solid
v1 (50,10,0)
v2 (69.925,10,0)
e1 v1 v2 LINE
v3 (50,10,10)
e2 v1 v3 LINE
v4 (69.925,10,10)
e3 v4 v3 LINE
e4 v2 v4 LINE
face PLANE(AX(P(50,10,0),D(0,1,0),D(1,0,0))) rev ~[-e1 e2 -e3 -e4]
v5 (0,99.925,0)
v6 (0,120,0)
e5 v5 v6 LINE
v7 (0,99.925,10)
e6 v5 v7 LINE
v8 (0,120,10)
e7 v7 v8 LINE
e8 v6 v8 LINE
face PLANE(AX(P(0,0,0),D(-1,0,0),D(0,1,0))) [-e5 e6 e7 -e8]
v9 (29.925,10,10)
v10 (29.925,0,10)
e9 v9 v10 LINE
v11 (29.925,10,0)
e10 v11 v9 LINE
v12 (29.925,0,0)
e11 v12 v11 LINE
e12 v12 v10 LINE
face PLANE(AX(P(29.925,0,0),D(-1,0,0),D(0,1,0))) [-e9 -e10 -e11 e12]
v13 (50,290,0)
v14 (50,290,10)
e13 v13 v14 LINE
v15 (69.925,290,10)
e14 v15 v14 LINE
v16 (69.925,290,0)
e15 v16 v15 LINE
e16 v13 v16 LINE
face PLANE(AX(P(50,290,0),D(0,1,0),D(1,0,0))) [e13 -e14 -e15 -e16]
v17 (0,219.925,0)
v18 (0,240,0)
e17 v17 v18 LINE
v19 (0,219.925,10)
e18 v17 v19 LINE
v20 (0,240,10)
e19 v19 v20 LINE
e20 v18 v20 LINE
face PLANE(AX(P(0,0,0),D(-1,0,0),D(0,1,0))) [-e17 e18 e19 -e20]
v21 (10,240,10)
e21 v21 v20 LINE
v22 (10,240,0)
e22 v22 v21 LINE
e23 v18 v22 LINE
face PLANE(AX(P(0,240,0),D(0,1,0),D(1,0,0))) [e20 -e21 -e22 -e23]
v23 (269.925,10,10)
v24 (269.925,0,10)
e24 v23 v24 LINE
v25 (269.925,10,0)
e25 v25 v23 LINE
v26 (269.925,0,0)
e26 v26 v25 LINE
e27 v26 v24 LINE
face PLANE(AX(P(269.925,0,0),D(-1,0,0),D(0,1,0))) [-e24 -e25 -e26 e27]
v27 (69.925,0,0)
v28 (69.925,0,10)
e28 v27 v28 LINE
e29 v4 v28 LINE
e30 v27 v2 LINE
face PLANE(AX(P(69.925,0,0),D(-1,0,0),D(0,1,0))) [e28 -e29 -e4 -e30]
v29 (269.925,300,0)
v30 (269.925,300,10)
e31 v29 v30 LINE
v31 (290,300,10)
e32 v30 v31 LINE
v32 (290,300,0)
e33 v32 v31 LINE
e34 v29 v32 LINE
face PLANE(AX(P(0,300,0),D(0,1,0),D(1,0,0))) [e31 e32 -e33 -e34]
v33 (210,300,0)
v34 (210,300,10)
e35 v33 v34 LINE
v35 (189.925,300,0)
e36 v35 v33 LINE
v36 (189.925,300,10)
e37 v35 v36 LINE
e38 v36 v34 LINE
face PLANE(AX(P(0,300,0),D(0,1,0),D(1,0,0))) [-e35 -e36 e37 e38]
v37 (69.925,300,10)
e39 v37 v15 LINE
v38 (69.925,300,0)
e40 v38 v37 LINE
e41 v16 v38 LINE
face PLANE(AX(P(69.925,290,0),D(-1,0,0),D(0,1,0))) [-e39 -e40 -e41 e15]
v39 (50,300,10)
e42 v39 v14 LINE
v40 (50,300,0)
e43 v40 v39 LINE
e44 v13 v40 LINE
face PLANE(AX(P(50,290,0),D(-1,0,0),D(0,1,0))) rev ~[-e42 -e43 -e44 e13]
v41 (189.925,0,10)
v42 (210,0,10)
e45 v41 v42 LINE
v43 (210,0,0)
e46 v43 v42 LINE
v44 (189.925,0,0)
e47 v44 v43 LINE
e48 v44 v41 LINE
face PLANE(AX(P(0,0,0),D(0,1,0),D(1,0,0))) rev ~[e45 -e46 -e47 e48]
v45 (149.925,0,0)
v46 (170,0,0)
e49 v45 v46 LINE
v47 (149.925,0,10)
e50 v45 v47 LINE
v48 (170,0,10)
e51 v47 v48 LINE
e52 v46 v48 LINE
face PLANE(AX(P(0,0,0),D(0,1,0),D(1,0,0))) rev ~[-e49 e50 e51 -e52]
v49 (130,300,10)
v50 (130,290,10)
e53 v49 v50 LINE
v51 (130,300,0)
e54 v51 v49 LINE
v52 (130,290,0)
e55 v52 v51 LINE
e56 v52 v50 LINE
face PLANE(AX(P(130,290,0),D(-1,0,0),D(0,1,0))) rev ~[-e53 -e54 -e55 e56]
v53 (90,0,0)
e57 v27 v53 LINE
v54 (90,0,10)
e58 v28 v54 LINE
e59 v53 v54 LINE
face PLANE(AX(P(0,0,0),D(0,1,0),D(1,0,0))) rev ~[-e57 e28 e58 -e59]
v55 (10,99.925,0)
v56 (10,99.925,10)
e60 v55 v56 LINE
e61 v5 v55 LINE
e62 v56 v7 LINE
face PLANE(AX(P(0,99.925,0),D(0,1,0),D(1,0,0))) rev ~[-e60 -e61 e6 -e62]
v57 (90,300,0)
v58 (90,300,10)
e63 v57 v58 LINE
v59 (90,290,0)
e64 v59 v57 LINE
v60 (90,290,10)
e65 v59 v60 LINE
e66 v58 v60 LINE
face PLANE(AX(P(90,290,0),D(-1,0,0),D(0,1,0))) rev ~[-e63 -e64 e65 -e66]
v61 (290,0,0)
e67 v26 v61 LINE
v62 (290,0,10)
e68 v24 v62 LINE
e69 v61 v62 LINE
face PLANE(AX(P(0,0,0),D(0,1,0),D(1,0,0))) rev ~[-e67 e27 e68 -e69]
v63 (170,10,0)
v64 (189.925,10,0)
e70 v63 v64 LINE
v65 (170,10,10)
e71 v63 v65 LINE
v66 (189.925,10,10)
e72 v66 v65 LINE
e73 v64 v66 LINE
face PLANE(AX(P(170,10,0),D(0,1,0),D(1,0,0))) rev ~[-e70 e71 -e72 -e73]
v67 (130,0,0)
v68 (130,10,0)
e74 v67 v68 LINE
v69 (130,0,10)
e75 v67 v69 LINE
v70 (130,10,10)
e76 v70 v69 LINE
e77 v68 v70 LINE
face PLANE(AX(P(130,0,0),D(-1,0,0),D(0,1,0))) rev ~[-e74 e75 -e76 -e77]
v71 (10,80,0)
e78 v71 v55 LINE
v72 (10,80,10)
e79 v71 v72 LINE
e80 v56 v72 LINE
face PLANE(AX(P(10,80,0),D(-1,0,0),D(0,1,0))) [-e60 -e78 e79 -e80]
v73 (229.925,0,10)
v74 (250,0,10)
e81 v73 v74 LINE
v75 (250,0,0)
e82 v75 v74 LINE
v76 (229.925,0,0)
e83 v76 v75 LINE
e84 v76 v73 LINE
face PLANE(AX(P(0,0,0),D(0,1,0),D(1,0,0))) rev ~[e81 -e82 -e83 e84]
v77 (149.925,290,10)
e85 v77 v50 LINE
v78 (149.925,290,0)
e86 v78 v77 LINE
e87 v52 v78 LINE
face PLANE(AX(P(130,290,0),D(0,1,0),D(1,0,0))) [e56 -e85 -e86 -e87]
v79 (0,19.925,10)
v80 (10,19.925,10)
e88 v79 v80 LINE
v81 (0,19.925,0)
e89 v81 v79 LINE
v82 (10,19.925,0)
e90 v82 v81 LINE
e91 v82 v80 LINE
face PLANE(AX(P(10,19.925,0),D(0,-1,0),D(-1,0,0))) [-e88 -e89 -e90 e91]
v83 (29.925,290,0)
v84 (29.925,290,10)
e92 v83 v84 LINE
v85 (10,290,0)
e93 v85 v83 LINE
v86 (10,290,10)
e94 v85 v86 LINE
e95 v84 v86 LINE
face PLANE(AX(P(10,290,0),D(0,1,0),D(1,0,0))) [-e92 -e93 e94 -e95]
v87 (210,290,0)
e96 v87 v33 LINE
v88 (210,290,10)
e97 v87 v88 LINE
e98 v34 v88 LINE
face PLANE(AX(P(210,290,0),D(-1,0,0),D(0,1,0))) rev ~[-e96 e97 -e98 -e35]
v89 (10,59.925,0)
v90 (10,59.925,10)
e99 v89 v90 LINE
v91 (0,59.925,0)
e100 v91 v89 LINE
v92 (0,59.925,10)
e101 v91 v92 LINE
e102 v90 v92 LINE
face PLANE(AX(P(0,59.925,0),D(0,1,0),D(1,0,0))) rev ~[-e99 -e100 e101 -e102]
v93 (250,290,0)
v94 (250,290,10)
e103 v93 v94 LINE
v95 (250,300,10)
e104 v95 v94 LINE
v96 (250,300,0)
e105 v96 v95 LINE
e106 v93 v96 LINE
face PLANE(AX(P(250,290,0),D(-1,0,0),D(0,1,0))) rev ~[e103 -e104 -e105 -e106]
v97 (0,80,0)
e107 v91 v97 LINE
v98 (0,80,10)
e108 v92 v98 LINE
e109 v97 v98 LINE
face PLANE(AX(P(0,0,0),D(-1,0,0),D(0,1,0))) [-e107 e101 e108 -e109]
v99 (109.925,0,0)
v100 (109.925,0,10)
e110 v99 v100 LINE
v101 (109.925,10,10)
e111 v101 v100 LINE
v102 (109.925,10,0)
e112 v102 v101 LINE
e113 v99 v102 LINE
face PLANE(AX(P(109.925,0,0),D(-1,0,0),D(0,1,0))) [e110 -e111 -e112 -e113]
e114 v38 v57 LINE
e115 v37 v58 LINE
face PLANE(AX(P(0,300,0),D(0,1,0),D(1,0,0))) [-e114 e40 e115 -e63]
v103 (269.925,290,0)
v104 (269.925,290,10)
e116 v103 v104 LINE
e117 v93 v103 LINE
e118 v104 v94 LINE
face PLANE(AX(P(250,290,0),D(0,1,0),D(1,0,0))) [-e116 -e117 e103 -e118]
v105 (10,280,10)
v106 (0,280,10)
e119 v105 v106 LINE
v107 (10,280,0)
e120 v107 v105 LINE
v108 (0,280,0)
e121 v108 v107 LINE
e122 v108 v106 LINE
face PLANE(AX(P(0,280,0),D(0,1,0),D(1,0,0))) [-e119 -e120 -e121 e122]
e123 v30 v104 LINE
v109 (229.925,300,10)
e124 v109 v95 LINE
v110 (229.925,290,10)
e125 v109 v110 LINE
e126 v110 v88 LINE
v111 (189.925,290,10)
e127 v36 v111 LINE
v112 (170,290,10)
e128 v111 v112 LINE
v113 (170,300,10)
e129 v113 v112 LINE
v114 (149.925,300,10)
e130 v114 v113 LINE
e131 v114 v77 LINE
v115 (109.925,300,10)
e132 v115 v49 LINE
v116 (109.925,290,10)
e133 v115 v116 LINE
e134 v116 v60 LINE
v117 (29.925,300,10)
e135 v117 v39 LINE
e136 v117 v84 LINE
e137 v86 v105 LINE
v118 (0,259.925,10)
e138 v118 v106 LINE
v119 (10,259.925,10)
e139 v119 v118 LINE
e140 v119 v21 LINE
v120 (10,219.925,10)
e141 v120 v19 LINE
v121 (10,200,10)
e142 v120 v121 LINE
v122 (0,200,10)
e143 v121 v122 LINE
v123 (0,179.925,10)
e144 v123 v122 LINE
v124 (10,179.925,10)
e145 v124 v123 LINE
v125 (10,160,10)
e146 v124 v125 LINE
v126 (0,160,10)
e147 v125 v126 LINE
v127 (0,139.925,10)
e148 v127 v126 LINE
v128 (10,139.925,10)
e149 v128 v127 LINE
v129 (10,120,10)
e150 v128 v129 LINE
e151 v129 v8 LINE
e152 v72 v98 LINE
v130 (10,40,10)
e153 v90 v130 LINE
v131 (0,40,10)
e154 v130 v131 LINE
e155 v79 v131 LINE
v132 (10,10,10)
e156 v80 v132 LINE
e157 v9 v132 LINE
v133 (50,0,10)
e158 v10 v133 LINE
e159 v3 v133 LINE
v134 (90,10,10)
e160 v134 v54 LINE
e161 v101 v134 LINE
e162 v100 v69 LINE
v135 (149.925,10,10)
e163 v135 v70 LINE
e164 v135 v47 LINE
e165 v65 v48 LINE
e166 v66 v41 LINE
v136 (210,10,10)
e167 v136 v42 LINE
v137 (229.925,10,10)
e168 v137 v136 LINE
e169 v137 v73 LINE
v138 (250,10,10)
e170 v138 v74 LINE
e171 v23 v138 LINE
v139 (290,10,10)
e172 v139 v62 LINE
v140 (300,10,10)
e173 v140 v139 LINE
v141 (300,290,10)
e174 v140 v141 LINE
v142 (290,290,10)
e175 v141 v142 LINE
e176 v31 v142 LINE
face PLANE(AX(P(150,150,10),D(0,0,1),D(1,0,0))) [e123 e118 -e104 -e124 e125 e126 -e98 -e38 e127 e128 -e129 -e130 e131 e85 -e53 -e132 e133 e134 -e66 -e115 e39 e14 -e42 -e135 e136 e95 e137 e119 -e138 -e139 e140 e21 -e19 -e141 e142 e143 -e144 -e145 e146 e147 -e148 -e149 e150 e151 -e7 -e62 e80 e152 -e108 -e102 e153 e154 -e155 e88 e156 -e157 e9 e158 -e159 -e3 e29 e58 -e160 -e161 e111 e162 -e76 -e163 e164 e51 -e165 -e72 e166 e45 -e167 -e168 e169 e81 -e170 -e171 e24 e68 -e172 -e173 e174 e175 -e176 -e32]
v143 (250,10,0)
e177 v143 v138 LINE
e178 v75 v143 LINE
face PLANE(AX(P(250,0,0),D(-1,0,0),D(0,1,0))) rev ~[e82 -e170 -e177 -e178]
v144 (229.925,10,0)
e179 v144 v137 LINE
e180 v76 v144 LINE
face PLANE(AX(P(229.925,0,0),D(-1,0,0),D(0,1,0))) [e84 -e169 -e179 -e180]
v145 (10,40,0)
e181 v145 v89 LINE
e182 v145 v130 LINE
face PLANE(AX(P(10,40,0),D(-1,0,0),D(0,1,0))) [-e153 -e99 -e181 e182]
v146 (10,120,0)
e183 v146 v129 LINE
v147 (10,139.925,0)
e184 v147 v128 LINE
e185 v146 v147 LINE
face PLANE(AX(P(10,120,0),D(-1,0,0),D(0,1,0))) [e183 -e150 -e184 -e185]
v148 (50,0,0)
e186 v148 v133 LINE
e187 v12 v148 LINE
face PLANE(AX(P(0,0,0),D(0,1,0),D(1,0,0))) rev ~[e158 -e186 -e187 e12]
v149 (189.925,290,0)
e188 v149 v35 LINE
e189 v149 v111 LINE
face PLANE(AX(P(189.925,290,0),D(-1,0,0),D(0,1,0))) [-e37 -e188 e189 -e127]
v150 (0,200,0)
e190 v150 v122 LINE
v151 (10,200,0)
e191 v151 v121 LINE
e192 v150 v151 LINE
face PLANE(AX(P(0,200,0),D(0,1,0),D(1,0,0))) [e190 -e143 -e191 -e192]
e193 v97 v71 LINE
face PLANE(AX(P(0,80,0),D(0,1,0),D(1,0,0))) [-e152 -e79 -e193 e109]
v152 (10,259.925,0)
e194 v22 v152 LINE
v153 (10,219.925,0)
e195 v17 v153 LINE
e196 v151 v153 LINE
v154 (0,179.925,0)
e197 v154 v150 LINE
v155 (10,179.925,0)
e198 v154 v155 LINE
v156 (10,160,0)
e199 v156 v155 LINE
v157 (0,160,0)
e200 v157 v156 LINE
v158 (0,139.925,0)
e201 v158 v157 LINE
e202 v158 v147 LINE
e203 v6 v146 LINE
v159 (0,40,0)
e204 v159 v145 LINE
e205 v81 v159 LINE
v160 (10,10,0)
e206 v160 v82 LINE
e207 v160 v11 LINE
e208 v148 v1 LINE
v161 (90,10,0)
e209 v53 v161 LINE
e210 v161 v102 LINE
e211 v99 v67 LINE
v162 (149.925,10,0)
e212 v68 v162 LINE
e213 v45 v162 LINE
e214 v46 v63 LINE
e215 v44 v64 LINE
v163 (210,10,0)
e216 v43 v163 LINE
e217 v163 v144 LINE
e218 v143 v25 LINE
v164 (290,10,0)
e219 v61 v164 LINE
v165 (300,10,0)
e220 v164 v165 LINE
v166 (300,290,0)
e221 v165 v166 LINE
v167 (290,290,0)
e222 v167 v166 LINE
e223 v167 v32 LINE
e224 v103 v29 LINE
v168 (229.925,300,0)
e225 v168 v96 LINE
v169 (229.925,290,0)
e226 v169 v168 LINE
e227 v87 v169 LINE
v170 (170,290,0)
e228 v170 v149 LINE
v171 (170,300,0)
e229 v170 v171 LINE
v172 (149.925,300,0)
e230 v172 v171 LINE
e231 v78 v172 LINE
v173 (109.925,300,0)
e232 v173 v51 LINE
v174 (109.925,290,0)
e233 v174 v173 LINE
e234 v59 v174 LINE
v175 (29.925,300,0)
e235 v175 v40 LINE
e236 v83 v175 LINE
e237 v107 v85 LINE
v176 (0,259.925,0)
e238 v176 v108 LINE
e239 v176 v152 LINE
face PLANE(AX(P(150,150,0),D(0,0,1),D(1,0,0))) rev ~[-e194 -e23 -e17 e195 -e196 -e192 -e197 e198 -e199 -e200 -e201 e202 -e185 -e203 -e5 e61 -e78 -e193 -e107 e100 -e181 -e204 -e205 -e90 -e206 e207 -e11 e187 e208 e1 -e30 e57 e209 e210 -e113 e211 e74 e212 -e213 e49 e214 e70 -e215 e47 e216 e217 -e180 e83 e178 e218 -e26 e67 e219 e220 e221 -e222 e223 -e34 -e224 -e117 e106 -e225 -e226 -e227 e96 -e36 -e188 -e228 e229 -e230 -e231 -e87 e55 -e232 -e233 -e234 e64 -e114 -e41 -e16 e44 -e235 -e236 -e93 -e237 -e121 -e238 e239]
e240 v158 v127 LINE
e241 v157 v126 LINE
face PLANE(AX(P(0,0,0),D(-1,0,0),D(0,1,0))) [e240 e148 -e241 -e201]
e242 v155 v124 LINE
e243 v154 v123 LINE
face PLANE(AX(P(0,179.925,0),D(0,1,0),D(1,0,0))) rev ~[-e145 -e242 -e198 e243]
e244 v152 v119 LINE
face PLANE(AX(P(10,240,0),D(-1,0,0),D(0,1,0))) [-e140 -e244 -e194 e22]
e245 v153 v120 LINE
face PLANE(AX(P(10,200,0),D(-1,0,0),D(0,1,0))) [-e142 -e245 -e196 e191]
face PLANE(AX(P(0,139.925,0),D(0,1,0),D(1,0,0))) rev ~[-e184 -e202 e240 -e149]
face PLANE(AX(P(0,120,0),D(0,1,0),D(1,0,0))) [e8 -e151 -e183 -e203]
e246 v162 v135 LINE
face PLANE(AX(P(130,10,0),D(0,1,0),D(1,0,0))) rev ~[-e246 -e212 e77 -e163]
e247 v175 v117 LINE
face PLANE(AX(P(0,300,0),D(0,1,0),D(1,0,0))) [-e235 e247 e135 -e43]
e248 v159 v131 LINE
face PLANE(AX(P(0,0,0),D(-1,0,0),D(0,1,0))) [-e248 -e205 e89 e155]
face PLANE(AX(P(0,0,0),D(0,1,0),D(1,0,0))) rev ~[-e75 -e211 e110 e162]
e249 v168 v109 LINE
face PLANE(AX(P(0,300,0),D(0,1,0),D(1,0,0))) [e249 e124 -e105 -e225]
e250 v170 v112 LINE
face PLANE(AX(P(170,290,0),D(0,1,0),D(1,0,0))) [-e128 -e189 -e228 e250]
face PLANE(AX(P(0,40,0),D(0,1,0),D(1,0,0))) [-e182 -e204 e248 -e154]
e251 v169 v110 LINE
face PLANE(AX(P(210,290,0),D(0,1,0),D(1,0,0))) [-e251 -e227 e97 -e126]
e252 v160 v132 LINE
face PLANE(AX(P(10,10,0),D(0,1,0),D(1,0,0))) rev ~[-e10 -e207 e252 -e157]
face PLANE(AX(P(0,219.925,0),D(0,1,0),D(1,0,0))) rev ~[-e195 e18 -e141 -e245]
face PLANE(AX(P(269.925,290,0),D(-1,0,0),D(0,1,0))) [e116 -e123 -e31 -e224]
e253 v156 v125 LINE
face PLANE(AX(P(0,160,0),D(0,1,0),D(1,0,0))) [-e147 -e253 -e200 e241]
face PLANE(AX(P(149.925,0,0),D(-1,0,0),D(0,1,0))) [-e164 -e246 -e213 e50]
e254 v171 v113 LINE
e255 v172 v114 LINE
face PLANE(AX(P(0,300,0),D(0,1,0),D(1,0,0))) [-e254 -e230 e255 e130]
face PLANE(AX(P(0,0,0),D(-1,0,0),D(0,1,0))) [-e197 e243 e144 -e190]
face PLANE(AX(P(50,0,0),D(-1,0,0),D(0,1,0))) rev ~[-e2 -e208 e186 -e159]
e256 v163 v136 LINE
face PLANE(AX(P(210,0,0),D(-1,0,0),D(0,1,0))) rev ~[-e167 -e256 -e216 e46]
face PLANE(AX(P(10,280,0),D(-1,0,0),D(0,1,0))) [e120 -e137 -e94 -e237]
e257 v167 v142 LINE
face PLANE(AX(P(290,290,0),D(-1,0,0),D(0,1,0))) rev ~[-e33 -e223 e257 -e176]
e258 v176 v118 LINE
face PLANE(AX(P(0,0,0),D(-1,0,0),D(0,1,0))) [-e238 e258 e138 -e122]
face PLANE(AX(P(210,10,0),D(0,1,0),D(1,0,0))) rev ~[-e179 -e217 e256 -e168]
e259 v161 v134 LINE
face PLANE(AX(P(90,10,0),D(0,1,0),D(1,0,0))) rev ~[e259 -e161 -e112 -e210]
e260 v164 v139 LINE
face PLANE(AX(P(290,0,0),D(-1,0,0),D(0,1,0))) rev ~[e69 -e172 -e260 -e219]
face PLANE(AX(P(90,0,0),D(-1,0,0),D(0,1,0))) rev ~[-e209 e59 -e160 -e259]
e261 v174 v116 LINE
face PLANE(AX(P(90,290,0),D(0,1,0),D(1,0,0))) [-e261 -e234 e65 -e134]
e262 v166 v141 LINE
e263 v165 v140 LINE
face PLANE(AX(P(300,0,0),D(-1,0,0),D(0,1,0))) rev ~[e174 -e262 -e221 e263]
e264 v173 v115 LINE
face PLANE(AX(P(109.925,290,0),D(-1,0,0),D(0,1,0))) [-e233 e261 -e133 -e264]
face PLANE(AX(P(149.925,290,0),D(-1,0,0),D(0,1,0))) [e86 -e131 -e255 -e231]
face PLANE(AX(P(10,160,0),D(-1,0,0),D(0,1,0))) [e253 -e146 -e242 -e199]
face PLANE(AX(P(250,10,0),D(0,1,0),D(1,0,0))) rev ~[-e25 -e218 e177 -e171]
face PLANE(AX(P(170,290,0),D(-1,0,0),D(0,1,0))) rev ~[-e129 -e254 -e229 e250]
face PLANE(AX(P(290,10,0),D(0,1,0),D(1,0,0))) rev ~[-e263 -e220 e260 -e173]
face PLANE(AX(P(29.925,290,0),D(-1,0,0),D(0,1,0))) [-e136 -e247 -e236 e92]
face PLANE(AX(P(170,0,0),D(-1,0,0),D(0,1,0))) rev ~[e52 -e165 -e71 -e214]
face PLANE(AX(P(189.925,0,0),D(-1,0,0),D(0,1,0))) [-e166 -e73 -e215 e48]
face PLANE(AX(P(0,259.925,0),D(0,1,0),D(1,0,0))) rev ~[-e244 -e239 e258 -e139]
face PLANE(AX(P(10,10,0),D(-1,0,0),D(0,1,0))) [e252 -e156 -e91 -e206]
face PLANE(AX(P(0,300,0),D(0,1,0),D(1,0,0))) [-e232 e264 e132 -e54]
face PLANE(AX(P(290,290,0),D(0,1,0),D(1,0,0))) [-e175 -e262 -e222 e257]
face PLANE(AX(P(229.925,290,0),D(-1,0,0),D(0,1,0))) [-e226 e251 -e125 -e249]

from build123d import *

# Parameters (mm, degrees)
F0_W     = 300
F0_H     = 300
F1_DEPTH = 10
F2_W     = 10
F2_H     = 10
F2_W_2   = 19.925
F2_H_2   = 9.925
F2_H_3   = 19.925
F3_DEPTH = 10.001


with BuildPart() as f1:
    # F0 (on Top) → F1 (new body)
    with BuildSketch(Plane.XY):
        with Locations((150, 150)):
            Rectangle(F0_W, F0_H)
    extrude(amount=F1_DEPTH)

    # F2 (on face) → F3 (cut, through all)
    with BuildSketch(Plane.XY):
        with Locations((295, 295)):
            Rectangle(F2_W, F2_H)
        with Locations((259.9625, 295)):
            Rectangle(F2_W_2, F2_H)
        with Locations((219.9625, 295)):
            Rectangle(F2_W_2, F2_H)
        with Locations((179.9625, 295)):
            Rectangle(F2_W_2, F2_H)
        with Locations((139.9625, 295)):
            Rectangle(F2_W_2, F2_H)
        with Locations((99.9625, 295)):
            Rectangle(F2_W_2, F2_H)
        with Locations((59.9625, 295)):
            Rectangle(F2_W_2, F2_H)
        Polygon((29.925, 290), (29.925, 300), (-24.5567484915, 300), (-24.5567484915, 290), (0, 290), (0, 299.925), (10, 299.925), (10, 290), align=None)
        with Locations((5, 285)):
            Rectangle(F2_W, F2_H)
        with Locations((5, 294.9625)):
            Rectangle(F2_W, F2_H_2)
        with Locations((295, 5)):
            Rectangle(F2_W, F2_H)
        with Locations((259.9625, 5)):
            Rectangle(F2_W_2, F2_H)
        with Locations((219.9625, 5)):
            Rectangle(F2_W_2, F2_H)
        with Locations((179.9625, 5)):
            Rectangle(F2_W_2, F2_H)
        with Locations((139.9625, 5)):
            Rectangle(F2_W_2, F2_H)
        with Locations((99.9625, 5)):
            Rectangle(F2_W_2, F2_H)
        with Locations((59.9625, 5)):
            Rectangle(F2_W_2, F2_H)
        with Locations((19.9625, 5)):
            Rectangle(F2_W_2, F2_H)
        Polygon((0, 0), (10, 0), (10, 10), (10, 19.925), (0, 19.925), align=None)
        with Locations((5, 49.9625)):
            Rectangle(F2_W, F2_H_3)
        with Locations((5, 89.9625)):
            Rectangle(F2_W, F2_H_3)
        with Locations((5, 129.9625)):
            Rectangle(F2_W, F2_H_3)
        with Locations((5, 169.9625)):
            Rectangle(F2_W, F2_H_3)
        with Locations((5, 209.9625)):
            Rectangle(F2_W, F2_H_3)
        with Locations((5, 249.9625)):
            Rectangle(F2_W, F2_H_3)
    extrude(amount=F3_DEPTH, mode=Mode.SUBTRACT)


solid = f1.part
